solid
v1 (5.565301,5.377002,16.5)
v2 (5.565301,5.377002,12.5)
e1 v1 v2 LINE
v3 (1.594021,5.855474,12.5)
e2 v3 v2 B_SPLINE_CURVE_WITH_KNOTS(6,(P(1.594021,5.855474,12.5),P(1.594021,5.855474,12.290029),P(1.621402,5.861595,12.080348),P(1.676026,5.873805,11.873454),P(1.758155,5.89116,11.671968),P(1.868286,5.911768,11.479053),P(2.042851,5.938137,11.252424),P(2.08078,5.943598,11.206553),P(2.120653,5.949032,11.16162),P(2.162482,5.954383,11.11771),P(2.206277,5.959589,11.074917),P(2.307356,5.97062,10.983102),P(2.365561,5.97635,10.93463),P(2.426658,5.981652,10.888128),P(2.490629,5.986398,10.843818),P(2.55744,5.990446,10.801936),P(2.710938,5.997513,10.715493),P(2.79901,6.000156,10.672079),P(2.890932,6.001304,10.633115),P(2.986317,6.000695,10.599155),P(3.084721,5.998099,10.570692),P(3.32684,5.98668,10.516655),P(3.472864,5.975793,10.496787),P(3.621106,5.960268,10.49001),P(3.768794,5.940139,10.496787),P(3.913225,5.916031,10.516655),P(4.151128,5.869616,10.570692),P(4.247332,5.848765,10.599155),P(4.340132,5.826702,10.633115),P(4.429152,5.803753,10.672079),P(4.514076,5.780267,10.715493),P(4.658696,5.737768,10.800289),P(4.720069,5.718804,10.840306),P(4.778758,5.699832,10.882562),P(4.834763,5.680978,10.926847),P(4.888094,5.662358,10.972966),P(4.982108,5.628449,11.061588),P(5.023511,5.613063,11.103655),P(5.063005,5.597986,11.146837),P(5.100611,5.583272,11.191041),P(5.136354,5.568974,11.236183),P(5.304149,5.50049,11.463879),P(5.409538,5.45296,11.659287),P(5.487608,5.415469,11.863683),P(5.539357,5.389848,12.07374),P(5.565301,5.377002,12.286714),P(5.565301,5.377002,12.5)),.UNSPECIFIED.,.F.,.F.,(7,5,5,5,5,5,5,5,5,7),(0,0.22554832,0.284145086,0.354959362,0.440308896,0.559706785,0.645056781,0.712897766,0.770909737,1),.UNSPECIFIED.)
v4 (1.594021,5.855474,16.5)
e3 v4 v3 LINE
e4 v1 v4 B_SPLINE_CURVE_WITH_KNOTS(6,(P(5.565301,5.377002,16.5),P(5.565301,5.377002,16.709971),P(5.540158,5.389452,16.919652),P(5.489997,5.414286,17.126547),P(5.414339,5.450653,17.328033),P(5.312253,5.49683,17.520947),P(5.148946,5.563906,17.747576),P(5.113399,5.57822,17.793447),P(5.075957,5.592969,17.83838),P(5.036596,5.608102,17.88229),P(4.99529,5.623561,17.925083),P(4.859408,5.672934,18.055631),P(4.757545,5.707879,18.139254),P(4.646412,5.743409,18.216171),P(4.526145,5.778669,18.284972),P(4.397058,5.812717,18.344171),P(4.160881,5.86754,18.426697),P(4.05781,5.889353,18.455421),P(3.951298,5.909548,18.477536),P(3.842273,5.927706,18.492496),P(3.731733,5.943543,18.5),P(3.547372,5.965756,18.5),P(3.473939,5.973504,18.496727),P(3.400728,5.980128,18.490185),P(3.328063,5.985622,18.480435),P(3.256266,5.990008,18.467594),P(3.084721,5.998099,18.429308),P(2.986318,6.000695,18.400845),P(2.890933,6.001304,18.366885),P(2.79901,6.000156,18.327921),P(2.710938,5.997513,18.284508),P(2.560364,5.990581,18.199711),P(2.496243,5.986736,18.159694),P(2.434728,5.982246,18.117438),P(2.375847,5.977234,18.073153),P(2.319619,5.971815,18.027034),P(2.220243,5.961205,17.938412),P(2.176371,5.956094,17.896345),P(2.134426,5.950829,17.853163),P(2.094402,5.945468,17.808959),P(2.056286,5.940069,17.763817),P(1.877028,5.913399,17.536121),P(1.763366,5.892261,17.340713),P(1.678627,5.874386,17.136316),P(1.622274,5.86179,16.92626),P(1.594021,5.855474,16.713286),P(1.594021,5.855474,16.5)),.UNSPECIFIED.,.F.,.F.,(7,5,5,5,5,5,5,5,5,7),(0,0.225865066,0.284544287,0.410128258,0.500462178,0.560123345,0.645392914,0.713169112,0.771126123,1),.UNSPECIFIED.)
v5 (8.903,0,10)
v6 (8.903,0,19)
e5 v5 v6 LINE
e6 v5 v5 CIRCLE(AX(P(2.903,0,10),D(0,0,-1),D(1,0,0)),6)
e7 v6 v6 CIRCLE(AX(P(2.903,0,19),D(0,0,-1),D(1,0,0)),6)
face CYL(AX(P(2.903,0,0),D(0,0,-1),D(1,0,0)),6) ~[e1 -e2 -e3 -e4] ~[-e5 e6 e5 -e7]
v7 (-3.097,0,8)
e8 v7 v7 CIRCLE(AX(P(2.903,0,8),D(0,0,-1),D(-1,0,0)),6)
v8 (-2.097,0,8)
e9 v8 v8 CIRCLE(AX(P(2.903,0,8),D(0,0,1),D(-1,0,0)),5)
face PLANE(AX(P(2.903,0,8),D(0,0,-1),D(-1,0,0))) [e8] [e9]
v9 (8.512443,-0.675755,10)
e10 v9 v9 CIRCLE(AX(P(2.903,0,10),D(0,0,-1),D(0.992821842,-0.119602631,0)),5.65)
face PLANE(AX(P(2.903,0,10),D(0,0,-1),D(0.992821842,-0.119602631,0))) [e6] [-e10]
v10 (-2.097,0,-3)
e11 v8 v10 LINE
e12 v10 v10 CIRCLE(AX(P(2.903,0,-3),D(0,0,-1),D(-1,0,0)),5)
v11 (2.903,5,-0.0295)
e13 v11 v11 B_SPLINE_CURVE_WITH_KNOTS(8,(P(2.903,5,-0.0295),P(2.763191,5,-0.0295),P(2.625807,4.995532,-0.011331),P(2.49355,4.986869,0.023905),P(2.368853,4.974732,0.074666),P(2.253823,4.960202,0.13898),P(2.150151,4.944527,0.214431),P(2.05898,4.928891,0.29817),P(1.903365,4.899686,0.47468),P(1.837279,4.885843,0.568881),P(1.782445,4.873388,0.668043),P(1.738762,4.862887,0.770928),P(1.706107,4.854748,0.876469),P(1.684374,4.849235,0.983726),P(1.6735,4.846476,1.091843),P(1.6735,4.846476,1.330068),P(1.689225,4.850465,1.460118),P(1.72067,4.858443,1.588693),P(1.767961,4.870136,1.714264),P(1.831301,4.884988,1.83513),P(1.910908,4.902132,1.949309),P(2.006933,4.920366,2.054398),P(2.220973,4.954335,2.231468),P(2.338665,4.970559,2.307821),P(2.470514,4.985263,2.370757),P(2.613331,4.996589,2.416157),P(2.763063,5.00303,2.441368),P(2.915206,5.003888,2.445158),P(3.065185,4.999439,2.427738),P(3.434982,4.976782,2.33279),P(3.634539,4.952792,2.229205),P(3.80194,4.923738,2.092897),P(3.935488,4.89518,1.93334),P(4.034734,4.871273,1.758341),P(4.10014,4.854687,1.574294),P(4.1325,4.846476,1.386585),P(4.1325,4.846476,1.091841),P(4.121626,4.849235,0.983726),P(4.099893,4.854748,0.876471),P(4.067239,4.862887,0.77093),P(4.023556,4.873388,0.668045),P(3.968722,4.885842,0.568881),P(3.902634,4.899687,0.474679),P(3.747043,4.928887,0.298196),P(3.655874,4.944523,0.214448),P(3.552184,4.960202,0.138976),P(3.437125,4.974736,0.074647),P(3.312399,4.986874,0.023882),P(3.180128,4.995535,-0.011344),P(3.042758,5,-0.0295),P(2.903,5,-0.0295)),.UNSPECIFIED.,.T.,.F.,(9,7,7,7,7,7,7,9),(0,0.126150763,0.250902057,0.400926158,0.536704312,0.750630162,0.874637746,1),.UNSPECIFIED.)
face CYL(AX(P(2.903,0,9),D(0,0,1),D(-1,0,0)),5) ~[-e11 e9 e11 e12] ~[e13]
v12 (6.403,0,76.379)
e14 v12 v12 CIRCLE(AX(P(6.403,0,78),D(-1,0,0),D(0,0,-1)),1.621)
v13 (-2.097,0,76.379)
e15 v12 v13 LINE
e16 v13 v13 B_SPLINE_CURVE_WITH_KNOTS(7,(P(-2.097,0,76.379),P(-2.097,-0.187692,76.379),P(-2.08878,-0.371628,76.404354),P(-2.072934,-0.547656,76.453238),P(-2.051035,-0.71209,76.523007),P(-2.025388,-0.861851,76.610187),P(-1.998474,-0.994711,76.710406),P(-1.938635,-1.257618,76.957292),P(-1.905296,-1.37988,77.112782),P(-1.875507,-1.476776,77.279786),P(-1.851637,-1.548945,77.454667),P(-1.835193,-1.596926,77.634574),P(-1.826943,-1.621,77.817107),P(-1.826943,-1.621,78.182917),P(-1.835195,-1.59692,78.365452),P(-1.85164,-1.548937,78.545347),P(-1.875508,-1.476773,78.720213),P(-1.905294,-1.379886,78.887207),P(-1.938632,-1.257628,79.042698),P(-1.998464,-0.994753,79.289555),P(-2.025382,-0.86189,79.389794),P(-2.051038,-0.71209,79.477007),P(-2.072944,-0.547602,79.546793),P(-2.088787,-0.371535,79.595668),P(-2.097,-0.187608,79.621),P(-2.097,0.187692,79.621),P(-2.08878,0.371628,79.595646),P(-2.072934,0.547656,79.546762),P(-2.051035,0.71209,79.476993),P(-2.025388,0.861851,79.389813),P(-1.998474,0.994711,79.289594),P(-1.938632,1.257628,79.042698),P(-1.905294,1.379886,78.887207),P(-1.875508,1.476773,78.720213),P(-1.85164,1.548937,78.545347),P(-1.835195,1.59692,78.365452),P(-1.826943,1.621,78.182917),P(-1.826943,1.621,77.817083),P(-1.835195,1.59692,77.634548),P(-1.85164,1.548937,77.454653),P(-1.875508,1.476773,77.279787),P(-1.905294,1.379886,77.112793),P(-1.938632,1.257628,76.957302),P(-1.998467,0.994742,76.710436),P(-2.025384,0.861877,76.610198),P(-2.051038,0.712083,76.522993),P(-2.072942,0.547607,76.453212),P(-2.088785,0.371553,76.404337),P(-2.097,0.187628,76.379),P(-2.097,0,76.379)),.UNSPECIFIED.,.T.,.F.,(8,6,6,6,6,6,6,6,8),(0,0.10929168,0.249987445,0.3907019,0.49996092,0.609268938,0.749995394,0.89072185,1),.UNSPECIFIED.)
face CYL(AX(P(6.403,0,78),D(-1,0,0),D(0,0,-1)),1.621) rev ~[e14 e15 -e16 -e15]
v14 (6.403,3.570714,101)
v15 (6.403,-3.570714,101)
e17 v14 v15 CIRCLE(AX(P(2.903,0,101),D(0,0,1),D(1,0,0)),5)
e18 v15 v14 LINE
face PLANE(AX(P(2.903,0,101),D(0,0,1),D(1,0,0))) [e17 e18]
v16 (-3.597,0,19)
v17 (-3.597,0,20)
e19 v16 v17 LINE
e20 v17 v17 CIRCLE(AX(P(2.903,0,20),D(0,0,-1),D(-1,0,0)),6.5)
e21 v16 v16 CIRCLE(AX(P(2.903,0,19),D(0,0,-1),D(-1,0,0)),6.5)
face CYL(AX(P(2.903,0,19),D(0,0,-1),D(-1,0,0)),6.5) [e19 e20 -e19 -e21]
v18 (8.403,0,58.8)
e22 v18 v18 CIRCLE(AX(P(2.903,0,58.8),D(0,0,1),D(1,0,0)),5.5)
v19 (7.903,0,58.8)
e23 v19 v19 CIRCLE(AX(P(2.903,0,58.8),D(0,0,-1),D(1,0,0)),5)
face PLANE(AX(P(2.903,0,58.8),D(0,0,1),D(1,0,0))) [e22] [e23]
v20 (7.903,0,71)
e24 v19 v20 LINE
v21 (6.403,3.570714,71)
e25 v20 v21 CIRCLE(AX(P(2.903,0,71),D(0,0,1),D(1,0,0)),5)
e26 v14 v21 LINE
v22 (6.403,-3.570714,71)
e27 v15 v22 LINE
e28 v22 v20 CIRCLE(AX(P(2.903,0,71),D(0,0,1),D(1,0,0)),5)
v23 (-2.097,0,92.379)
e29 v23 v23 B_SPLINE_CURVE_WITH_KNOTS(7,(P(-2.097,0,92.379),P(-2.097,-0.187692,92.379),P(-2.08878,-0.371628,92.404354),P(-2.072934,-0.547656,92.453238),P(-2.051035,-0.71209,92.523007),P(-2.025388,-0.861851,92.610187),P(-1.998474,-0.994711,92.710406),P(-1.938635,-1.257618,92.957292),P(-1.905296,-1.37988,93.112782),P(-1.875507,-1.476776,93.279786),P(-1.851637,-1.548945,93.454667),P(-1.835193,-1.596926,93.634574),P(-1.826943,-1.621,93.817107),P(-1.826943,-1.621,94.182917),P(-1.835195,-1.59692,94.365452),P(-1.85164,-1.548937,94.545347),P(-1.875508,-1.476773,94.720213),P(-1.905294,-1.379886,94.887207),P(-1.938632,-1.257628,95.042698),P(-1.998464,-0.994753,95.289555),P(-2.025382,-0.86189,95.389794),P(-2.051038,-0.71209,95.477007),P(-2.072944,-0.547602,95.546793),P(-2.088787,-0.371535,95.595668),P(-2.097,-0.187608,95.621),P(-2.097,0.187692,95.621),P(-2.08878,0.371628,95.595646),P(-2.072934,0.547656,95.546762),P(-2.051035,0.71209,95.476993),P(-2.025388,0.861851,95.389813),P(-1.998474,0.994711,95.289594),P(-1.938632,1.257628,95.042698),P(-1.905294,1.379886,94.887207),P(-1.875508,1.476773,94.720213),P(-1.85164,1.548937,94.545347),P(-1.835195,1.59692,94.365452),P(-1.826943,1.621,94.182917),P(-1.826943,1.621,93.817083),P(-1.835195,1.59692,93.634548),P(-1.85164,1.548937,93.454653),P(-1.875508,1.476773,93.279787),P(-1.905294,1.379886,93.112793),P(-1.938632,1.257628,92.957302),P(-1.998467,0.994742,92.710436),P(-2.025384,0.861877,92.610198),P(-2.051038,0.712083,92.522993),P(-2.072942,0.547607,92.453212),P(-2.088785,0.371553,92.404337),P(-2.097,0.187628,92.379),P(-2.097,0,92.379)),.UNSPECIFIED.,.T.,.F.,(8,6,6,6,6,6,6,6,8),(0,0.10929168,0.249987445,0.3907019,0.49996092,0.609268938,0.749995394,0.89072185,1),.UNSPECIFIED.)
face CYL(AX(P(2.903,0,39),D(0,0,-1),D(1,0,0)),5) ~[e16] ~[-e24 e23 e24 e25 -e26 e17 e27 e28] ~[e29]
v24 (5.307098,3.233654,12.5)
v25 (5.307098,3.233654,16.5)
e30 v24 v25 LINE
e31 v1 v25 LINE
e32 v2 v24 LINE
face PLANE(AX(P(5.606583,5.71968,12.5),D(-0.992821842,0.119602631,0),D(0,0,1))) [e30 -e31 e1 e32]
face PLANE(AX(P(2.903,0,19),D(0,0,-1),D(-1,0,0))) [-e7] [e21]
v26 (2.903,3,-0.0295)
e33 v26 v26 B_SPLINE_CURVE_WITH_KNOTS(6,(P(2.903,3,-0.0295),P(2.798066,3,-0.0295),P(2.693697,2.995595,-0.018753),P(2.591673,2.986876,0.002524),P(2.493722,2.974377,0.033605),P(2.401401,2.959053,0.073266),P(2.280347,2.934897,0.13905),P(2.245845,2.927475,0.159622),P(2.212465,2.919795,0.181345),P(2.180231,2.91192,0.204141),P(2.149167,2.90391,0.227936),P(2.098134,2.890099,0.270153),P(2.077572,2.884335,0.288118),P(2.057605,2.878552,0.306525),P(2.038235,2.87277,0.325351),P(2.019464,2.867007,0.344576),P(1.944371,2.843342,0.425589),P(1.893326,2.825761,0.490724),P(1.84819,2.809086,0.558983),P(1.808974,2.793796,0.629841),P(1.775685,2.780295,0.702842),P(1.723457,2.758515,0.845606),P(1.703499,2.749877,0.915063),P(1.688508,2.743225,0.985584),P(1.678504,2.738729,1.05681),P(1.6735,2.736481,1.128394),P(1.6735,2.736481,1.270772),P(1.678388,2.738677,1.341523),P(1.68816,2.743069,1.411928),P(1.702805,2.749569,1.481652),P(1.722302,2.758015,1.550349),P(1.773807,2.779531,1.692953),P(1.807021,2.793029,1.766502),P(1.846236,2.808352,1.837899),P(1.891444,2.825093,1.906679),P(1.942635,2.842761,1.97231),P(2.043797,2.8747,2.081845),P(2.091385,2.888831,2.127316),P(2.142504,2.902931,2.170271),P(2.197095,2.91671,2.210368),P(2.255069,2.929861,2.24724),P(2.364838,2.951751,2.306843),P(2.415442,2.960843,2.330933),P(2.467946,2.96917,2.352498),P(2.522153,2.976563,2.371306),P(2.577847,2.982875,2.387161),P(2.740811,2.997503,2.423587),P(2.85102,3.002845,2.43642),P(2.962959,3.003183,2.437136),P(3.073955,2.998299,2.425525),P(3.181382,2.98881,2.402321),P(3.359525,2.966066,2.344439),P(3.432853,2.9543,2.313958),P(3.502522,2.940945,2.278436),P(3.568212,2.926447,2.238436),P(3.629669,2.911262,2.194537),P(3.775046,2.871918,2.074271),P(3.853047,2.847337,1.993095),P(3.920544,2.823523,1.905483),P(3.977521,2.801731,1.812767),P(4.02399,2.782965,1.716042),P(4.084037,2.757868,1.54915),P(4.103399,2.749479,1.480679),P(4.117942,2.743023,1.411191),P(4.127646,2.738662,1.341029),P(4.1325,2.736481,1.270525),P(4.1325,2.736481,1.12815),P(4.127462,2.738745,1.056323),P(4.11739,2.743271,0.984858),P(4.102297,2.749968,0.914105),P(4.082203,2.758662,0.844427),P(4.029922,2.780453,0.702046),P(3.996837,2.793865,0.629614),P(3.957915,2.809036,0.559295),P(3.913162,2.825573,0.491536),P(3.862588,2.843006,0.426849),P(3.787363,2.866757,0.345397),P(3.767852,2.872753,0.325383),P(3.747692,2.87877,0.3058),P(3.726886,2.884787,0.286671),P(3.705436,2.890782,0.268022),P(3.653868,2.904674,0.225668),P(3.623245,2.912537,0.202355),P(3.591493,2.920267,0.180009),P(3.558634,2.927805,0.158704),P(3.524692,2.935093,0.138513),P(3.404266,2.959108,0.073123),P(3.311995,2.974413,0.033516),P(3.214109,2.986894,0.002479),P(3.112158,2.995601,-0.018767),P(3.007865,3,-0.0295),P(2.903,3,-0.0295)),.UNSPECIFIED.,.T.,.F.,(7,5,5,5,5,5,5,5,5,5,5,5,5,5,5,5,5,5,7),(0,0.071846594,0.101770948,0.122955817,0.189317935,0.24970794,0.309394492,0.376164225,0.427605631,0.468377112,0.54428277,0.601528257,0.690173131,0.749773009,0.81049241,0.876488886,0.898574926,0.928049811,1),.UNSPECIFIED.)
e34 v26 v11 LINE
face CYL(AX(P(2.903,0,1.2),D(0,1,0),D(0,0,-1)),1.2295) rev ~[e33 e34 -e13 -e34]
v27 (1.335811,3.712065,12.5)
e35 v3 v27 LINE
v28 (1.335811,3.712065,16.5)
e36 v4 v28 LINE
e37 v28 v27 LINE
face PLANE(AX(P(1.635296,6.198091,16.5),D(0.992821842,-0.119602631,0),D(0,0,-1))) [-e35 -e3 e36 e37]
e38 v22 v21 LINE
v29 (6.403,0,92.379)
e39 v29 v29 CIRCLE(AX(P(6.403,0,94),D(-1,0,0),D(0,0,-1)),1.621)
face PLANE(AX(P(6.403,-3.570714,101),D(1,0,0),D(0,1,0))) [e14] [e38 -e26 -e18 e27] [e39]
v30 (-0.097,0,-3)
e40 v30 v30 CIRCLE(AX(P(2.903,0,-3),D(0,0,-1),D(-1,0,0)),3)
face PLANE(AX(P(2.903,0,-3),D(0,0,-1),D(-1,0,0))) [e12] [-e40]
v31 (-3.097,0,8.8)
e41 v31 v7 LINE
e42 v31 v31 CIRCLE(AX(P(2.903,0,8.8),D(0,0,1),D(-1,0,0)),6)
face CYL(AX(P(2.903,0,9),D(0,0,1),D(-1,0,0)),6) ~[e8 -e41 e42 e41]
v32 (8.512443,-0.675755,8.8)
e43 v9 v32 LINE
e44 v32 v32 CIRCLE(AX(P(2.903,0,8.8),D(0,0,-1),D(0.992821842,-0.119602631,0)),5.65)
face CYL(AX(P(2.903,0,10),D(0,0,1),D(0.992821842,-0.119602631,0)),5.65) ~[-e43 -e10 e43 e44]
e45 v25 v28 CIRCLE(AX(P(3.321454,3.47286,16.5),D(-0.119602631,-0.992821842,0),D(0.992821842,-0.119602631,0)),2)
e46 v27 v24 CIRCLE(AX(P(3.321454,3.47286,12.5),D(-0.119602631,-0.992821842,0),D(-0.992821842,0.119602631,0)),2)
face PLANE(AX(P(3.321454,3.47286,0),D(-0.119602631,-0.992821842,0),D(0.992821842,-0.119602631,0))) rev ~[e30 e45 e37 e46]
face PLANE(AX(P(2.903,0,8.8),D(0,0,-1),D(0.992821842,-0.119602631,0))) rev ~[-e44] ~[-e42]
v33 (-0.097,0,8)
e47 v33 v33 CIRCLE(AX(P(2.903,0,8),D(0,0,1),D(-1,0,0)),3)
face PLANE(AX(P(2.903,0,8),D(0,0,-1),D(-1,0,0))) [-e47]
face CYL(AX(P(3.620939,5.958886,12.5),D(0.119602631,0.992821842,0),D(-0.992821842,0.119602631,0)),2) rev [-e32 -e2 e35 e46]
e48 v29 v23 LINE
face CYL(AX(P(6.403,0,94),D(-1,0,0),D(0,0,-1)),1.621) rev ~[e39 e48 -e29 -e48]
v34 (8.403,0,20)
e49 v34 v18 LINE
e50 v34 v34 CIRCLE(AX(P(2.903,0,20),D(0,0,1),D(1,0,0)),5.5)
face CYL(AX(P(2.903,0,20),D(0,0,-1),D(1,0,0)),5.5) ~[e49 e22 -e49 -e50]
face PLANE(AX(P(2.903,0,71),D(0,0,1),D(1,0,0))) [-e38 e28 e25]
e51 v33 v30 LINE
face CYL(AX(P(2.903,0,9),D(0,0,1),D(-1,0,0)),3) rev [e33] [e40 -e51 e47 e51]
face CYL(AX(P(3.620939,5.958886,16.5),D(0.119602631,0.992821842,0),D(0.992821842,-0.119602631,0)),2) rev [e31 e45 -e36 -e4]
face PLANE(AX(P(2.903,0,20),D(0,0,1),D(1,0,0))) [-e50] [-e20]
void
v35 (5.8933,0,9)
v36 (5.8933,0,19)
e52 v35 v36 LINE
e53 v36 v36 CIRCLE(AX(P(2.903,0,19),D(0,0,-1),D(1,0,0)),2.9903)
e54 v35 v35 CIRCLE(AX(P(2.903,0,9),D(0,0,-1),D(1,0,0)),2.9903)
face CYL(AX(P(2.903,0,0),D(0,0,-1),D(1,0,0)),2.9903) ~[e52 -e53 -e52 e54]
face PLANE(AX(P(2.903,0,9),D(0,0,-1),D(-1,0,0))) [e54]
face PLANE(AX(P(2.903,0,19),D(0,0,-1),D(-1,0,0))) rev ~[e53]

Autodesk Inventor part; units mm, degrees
ref_plane "YZ Plane" through (0, 0, 0) normal (1, 0, 0) x (0, 1, 0)
sketch "Эскиз1" plane through (0, 0, 0) normal (0, 0, 1) x (1, 0, 0)
  arc A0 (0.3914, -1.6228) -> (0.394, 1.6268) centre (2.903, 0) ccw construction
  circle A1 centre (2.903, 0) radius 2.9903
  circle A2 centre (2.903, 0) radius 6
  point P0 (0, 0)
  dimension "d0" = 12
extrude "Выдавливание1" add sketch "Эскиз1" along normal blind 24
ref_plane "РабПлоскость2" through (3.6207, 5.9569, 0) normal (-0.1196, -0.9928, 0) x (0.9928, -0.1196, 0)
ref_plane "РабПлоскость1" through (5.8216, 7.5048, 10) normal (-0.1196, -0.9928, 0) x (0.9928, -0.1196, 0)
sketch "Эскиз2" plane through (3.6207, 5.9569, 0) normal (-0.1196, -0.9928, 0) x (0.9928, -0.1196, 0)
  line L0 (6, 0) -> (-6, 0) projected
  line L1 (0, 0) -> (0, 19.3984) construction
  line L2 (0, 12.5) -> (0, 16.5) construction
  line L3 (2, 12.5) -> (2, 16.5)
  line L4 (-2, 16.5) -> (-2, 12.5)
  arc A0 (-2, 12.5) -> (2, 12.5) centre (0, 12.5) ccw
  arc A1 (2, 16.5) -> (-2, 16.5) centre (0, 16.5) ccw
  point P0 (-2.8822, 0)
  point P1 (0, 14.5)
  dimension "d0" = 12
  dimension "d3" = 4
  dimension "d4" = 4
  dimension "d5" = 14.5
extrude "Выдавливание2" cut sketch "Эскиз2" along normal blind 2.5
ref_plane "РабПлоскость3" through (2.903, 0, 19) normal (0, 0, -1) x (-1, 0, 0)
sketch "Эскиз3" plane through (2.903, 0, 19) normal (0, 0, -1) x (-1, 0, 0)
  point P0 (2.903, 0)
sketch "Эскиз4" plane through (2.903, 0, 19) normal (0, 0, -1) x (-1, 0, 0)
  circle A0 centre (0, 0) radius 6.5
  point P0 (2.903, 0)
  dimension "d12" = 13
extrude "Выдавливание3" add sketch "Эскиз4" against normal blind 20
sketch "Эскиз5" plane through (2.903, 0, 39) normal (0, 0, 1) x (1, 0, 0)
  circle A0 centre (0, 0) radius 5
  circle A1 centre (0, 0) radius 7.2744
  point P0 (-2.903, 0)
  dimension "d15" = 10
extrude "Выдавливание4" cut sketch "Эскиз5" against normal blind 19
sketch "Эскиз6" plane through (2.903, 0, 0) normal (0, 0, -1) x (-1, 0, 0)
  circle A0 centre (0, 0) radius 3
  circle A1 centre (0, 0) radius 5
  point P0 (2.903, 0)
  dimension "d18" = 6
  dimension "d19" = 10
ref_plane "РабПлоскость4" through (-4.5219, -7.4249, -3) normal (0, 0, 1) x (1, 0, 0)
sketch "Эскиз8" plane through (2.903, 0, 0) normal (0, 0, -1) x (-1, 0, 0)
  circle A0 centre (0, 0) radius 6 projected
  point P0 (2.903, 0)
extrude "Выдавливание6" cut sketch "Эскиз8" against normal blind 9
sketch "Эскиз9" plane through (2.903, 0, 9) normal (0, 0, -1) x (-1, 0, 0)
  circle A0 centre (0, 0) radius 3
  circle A1 centre (0, 0) radius 5
  point P0 (2.903, 0)
  dimension "d24" = 6
  dimension "d25" = 10
ref_plane "РабПлоскость5" through (-4.5219, -7.4249, -3) normal (0, 0, 1) x (1, 0, 0)
extrude "Выдавливание7" add sketch "Эскиз9" along normal up to surface (12 mm away)
sketch "Эскиз10" plane through (2.903, 0, 39) normal (0, 0, 1) x (1, 0, 0)
  circle A0 centre (0, 0) radius 5
  point P0 (-2.903, 0)
extrude "Выдавливание8" add sketch "Эскиз10" along normal blind 62
sketch "Эскиз11" plane through (2.903, 0, 101) normal (0, 0, 1) x (1, 0, 0)
  line L0 (3.5, 4.5942) -> (9.6944, 4.5942)
  line L1 (9.6944, 4.5942) -> (9.6944, -5.4033)
  line L2 (9.6944, -5.4033) -> (3.5, -5.4033)
  line L3 (3.5, -5.4033) -> (3.5, 4.5942)
  circle A0 centre (0, 0) radius 5 projected
  point P0 (-2.903, 0)
  point P1 (3.5, 3.5707)
  point P2 (3.5, -3.5707)
  dimension "d30" = 3.5
extrude "Выдавливание9" cut sketch "Эскиз11" against normal blind 30 contours A0 L3 picked at (3.7121, 0.9363)
sketch "Эскиз12" plane through (2.903, 0, 20) normal (0, 0, 1) x (1, 0, 0)
  circle A0 centre (0, 0) radius 5.5
  point P0 (-2.903, 0)
  dimension "d33" = 11
extrude "Выдавливание10" add sketch "Эскиз12" along normal blind 38.8
sketch "Эскиз13" plane through (6.403, -3.5707, 101) normal (1, 0, 0) x (0, 0, -1)
  point P0 (101, 3.5707)
sketch "Эскиз14" plane through (6.403, -3.5707, 101) normal (1, 0, 0) x (0, 0, -1)
  point P0 (101, 3.5707)
sketch "Эскиз15" plane through (6.403, -3.5707, 101) normal (1, 0, 0) x (0, 0, -1)
  line L0 (30, 0) -> (30, 7.1414) projected
  line L1 (30, 3.5707) -> (0, 3.5707) construction
  line L2 (0, 8.5707) -> (0, -1.4293) projected
  point P0 (101, 3.5707)
  point P1 (0, 7.1414)
  point P2 (0, 0)
  point P3 (7, 3.5707)
  point P4 (23, 3.5707)
  dimension "d36" = 7
  dimension "d37" = 7
hole "Отверстие1" at (6.403, 0, 94) at (6.403, 0, 78) direction (-1, 0, 0) diameter 3.242 depth 11.8 tip angle 118 thread size "M4x0.7" class "6H" standard "ISO Metric profile"
sketch "Эскиз16" plane through (2.903, 0, 9) normal (0, 0, -1) x (-1, 0, 0)
  circle A0 centre (0, 0) radius 6 projected
  point P0 (2.903, 0)
extrude "Выдавливание11" add sketch "Эскиз16" along normal blind 1
ref_plane "РабПлоскость6" through (2.903, 0, 10) normal (0, 0, -1) x (0.9928, -0.1196, 0)
sketch "Эскиз17" plane through (2.903, 0, 10) normal (0, 0, -1) x (0.9928, -0.1196, 0)
  circle A0 centre (0, 0) radius 5.65
  circle A1 centre (0, 0) radius 7.5447
  point P0 (-2.8822, 0.3472)
  dimension "d47" = 11.3
extrude "Выдавливание12" cut sketch "Эскиз17" along normal blind 1.2
sketch "Эскиз18" plane through (0, 0, 0) normal (0, 1, 0) x (-1, 0, 0)
  line L0 (-7.903, -3) -> (2.097, -3) construction
  line L1 (2.097, -3) -> (-7.903, -3)
  line L2 (-2.903, -3) -> (-2.903, 1.2) construction
  point P0 (0, 0)
  dimension "d50" = 4.2
hole "Отверстие2" at (2.903, 0, 1.2) direction (0, 1, 0) diameter 2.459 depth 8.8 tip angle 118 thread size "M3x0.5" class "6H" standard "ISO Metric profile"
properties part number "Вал вертикальной оси"
